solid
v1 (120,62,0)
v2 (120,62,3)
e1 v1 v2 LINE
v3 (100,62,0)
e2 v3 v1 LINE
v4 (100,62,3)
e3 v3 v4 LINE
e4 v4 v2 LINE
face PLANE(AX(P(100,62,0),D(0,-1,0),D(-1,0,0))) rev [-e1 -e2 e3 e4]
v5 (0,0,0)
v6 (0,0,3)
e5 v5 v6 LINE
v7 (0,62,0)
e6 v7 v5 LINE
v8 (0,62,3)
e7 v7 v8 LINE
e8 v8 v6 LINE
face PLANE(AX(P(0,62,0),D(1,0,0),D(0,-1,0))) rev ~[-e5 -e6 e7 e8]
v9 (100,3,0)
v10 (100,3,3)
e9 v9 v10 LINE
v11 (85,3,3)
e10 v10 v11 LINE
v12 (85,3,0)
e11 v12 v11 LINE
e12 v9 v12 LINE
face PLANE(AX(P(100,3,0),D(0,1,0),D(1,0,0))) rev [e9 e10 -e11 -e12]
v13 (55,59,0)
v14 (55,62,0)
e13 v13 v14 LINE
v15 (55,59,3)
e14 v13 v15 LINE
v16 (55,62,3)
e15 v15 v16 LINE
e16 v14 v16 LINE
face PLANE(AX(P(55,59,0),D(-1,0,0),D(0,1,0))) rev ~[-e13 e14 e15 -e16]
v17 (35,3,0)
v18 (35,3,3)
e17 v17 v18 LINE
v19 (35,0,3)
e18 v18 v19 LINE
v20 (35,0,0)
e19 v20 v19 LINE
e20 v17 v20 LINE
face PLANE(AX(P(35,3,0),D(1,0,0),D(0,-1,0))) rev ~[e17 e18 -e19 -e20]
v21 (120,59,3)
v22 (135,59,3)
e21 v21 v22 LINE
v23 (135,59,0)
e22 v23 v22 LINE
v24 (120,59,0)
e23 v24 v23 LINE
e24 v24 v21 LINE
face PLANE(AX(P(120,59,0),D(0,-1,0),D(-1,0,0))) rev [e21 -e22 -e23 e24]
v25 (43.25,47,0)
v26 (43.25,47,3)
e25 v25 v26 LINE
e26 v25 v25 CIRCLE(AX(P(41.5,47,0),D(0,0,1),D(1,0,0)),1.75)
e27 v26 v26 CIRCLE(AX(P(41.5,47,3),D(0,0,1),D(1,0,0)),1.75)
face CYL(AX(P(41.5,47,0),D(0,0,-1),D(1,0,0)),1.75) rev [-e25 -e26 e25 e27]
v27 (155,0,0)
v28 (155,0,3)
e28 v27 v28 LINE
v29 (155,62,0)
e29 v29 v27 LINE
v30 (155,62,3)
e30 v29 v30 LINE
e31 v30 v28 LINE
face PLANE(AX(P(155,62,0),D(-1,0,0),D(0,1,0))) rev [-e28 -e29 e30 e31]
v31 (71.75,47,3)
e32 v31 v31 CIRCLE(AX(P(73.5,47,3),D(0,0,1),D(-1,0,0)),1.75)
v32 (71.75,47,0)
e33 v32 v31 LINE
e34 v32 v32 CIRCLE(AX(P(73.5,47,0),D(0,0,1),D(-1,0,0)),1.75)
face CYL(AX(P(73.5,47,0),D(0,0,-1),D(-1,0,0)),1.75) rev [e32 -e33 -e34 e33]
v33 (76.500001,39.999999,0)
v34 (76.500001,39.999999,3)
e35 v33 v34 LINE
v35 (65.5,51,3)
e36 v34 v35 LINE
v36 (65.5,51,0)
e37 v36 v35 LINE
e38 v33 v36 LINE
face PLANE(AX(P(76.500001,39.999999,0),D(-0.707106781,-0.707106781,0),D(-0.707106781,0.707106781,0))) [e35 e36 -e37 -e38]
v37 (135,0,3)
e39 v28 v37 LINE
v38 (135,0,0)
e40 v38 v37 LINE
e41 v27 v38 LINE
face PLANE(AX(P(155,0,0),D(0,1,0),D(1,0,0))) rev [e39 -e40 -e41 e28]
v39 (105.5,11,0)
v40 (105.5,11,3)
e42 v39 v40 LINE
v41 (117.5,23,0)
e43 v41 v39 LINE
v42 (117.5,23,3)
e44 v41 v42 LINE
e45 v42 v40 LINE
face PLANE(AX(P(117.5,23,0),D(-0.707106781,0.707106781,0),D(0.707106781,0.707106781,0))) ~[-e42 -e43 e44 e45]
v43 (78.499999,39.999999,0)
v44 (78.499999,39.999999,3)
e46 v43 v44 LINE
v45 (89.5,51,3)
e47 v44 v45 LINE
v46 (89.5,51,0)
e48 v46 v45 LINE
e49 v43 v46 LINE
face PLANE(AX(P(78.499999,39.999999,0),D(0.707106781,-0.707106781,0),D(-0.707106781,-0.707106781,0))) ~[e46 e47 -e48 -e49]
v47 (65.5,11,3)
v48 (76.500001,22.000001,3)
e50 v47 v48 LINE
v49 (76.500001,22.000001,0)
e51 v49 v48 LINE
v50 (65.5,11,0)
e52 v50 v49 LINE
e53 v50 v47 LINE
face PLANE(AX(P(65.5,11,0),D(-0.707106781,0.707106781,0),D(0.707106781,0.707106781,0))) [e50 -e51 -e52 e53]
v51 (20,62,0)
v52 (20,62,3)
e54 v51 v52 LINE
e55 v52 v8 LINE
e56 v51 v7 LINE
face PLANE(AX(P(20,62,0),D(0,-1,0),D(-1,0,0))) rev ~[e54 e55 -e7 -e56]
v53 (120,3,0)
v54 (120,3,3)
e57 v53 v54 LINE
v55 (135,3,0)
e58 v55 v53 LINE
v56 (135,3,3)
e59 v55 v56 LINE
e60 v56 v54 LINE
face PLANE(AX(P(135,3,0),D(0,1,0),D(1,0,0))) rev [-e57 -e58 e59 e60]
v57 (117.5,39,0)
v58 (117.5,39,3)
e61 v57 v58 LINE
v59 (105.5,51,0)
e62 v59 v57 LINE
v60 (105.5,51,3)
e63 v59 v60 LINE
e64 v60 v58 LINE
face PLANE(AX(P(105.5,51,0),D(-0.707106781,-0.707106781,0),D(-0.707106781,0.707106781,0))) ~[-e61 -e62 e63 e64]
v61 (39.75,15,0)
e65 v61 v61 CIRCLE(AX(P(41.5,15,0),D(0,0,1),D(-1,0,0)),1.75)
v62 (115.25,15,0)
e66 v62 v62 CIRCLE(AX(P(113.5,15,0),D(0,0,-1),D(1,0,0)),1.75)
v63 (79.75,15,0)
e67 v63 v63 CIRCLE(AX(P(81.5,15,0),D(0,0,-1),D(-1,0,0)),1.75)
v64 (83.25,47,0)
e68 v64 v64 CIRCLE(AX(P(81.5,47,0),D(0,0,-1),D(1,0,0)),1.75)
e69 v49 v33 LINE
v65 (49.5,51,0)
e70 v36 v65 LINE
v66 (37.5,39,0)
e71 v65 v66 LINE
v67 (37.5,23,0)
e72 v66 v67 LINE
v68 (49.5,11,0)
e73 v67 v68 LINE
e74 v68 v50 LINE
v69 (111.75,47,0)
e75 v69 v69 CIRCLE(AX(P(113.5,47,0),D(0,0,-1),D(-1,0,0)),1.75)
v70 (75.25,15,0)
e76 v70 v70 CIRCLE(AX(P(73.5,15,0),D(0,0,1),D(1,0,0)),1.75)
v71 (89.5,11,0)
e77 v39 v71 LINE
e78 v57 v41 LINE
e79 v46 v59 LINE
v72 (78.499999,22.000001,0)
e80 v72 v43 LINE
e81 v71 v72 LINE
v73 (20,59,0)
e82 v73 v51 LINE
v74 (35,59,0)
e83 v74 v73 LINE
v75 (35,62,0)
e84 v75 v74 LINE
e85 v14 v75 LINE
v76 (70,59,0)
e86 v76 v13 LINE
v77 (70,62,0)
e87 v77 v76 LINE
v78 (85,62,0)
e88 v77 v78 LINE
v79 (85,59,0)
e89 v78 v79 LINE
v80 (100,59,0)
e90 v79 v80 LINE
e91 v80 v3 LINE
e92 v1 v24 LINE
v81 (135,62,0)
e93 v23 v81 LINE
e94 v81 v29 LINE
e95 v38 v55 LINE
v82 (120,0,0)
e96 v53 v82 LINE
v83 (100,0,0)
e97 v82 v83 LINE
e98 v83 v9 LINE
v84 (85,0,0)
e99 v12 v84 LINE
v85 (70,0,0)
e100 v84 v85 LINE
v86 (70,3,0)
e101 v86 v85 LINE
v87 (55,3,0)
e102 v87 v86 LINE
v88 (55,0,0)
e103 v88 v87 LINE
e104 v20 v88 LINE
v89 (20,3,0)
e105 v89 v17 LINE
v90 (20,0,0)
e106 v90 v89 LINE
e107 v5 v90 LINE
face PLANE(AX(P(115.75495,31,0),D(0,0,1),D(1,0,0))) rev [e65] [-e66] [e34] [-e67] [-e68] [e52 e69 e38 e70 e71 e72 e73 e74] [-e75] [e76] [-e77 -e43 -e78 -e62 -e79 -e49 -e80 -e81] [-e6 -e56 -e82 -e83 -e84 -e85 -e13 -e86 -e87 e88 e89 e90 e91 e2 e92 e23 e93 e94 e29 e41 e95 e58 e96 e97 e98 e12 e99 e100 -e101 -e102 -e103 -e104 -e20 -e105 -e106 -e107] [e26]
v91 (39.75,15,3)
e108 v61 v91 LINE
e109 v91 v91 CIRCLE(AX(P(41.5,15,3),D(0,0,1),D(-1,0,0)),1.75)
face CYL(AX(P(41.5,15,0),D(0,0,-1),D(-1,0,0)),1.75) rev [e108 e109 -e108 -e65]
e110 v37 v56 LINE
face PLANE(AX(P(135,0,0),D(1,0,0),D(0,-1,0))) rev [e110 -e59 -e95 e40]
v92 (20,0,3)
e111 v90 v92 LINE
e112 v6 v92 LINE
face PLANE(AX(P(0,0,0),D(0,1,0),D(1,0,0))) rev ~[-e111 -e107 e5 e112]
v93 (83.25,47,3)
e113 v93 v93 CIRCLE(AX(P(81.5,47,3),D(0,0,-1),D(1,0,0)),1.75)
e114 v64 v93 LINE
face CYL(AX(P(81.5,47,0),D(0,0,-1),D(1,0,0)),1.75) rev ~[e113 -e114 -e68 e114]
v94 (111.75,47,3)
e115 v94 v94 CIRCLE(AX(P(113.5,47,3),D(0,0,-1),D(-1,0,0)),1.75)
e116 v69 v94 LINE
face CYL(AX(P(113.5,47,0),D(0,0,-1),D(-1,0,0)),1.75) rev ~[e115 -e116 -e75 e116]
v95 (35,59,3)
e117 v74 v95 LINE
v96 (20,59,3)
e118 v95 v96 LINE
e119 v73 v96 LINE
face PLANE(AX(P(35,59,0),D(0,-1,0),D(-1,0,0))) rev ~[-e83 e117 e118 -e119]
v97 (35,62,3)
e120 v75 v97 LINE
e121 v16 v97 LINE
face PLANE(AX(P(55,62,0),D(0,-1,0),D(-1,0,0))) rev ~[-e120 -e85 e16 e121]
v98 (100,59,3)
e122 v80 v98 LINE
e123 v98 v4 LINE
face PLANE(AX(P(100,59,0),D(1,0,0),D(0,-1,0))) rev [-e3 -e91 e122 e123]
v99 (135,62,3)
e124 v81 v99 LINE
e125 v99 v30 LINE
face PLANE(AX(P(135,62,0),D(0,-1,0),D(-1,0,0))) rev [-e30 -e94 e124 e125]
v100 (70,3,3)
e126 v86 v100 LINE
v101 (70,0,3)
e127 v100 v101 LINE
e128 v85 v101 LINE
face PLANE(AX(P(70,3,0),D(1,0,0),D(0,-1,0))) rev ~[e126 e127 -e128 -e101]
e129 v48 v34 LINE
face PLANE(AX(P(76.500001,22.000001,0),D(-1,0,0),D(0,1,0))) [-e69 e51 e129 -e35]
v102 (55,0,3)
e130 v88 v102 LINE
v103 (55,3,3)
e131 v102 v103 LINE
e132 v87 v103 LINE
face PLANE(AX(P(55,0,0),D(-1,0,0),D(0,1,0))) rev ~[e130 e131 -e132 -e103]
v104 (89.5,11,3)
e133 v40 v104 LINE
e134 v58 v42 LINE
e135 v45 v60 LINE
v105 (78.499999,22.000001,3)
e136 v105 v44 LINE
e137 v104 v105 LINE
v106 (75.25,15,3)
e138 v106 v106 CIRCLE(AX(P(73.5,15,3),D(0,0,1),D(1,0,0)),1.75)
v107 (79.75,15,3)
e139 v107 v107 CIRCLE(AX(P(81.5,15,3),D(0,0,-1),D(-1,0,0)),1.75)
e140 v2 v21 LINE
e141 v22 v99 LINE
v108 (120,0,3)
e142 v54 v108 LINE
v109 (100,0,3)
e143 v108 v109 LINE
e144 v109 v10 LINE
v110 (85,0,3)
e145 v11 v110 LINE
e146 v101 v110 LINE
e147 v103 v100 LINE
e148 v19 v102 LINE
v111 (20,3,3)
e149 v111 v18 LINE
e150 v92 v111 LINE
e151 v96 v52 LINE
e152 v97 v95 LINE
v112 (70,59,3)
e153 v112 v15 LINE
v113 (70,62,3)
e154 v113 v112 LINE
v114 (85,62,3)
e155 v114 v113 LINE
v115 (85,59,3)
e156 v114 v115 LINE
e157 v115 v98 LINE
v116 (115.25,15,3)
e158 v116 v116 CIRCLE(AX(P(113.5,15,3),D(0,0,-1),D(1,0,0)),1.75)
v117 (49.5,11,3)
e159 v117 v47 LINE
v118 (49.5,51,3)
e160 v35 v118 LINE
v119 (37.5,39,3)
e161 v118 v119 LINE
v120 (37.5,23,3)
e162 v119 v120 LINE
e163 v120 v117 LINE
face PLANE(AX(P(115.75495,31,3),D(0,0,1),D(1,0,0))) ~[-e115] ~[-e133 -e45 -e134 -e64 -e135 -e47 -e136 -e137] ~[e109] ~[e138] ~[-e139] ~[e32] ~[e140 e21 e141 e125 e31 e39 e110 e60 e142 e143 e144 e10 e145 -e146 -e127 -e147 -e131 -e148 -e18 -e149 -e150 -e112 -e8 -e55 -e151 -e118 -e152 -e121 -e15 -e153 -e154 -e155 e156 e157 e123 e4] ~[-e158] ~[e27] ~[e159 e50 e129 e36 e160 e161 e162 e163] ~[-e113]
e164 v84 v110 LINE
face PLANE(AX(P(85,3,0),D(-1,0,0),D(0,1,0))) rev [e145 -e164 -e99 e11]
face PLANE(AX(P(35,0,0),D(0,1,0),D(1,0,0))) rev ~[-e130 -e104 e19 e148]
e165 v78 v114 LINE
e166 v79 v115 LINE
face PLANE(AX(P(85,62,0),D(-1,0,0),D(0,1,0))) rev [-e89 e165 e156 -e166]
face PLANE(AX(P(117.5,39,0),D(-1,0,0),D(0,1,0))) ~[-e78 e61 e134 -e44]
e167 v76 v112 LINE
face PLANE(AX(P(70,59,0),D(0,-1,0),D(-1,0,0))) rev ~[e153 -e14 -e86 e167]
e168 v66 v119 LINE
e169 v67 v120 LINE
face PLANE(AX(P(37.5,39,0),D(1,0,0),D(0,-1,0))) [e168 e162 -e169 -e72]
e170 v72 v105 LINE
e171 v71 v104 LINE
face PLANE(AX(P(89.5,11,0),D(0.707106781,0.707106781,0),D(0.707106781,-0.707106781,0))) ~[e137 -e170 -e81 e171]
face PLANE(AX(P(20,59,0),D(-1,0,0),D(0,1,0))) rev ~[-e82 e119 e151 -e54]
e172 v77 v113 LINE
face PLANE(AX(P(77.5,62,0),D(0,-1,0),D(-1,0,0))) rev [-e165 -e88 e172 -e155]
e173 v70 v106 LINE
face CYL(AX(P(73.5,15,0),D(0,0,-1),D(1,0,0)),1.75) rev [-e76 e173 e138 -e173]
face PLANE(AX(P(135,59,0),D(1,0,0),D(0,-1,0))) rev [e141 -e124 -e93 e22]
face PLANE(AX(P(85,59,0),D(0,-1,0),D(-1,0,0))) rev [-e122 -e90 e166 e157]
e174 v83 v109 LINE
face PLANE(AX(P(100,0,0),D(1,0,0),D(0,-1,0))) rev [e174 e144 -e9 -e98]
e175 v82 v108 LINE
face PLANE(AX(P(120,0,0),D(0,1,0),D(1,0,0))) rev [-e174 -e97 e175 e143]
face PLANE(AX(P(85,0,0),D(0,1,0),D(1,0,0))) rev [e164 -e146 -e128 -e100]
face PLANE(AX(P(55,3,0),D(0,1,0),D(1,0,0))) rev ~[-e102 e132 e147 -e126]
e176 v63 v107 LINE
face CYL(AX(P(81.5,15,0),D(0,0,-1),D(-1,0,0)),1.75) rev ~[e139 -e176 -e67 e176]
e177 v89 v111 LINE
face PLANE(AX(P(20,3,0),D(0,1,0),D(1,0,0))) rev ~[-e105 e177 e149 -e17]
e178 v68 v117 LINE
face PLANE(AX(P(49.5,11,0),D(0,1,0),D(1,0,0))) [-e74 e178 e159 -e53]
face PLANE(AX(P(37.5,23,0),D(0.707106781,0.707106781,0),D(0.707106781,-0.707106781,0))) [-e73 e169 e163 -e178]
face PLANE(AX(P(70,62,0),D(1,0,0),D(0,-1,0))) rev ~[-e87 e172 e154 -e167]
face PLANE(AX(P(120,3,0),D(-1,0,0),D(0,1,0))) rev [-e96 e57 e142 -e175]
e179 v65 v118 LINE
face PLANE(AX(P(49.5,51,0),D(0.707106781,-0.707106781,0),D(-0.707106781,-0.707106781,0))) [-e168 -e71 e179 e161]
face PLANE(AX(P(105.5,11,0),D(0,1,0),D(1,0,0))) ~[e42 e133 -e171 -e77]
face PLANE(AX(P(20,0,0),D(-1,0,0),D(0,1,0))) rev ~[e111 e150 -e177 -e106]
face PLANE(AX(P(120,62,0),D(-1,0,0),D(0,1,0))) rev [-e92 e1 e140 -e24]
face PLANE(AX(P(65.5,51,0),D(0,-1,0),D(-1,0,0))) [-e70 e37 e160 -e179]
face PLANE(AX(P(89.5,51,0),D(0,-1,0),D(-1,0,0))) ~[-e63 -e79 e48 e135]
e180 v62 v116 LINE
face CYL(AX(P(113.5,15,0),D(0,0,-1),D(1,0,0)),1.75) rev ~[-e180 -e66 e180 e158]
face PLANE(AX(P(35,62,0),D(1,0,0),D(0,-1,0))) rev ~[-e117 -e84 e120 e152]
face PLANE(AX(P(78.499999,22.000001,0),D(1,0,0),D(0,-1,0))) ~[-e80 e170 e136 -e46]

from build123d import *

# Parameters (mm, degrees)
SKICA1_R                = 1.75
P_IDAT_VYSUNUT_M1_DEPTH = 3


with BuildPart() as part:
    # Skica1 → Přidat vysunutím1 (new body)
    with BuildSketch(Plane.XY):
        Polygon((20, 3), (35, 3), (35, 0), (55, 0), (55, 3), (70, 3), (70, 0), (77.5, 0), (77.5, 11), (77.5, 20.346281592), (77.5, 41.653718408), (77.5, 51), (77.5, 62), (70, 62), (70, 59), (55, 59), (55, 62), (35, 62), (35, 59), (20, 59), (20, 62), (0, 62), (0, 0), (20, 0), align=None)
        with Locations((41.5, 47)):
            Circle(SKICA1_R, mode=Mode.SUBTRACT)
        with Locations(Location((41.5, 15, 0), (0, 0, 180))):
            Circle(SKICA1_R, mode=Mode.SUBTRACT)
        with Locations((73.5, 15)):
            Circle(SKICA1_R, mode=Mode.SUBTRACT)
        with Locations(Location((73.5, 47, 0), (0, 0, 180))):
            Circle(SKICA1_R, mode=Mode.SUBTRACT)
        Polygon((65.5, 51), (49.5, 51), (37.5, 39), (37.5, 23), (49.5, 11), (65.5, 11), (76.500000683, 22.000000683), (76.500000683, 39.999999317), align=None, mode=Mode.SUBTRACT)
    p_idat_vysunut_m1 = extrude(amount=P_IDAT_VYSUNUT_M1_DEPTH)

    # Zrcadlit1: Přidat vysunutím1 across plane
    add(p_idat_vysunut_m1.mirror(Plane(origin=(77.5, 51, 3), x_dir=(0, 0, 1), z_dir=(-1, 0, 0))))


solid = part.part
